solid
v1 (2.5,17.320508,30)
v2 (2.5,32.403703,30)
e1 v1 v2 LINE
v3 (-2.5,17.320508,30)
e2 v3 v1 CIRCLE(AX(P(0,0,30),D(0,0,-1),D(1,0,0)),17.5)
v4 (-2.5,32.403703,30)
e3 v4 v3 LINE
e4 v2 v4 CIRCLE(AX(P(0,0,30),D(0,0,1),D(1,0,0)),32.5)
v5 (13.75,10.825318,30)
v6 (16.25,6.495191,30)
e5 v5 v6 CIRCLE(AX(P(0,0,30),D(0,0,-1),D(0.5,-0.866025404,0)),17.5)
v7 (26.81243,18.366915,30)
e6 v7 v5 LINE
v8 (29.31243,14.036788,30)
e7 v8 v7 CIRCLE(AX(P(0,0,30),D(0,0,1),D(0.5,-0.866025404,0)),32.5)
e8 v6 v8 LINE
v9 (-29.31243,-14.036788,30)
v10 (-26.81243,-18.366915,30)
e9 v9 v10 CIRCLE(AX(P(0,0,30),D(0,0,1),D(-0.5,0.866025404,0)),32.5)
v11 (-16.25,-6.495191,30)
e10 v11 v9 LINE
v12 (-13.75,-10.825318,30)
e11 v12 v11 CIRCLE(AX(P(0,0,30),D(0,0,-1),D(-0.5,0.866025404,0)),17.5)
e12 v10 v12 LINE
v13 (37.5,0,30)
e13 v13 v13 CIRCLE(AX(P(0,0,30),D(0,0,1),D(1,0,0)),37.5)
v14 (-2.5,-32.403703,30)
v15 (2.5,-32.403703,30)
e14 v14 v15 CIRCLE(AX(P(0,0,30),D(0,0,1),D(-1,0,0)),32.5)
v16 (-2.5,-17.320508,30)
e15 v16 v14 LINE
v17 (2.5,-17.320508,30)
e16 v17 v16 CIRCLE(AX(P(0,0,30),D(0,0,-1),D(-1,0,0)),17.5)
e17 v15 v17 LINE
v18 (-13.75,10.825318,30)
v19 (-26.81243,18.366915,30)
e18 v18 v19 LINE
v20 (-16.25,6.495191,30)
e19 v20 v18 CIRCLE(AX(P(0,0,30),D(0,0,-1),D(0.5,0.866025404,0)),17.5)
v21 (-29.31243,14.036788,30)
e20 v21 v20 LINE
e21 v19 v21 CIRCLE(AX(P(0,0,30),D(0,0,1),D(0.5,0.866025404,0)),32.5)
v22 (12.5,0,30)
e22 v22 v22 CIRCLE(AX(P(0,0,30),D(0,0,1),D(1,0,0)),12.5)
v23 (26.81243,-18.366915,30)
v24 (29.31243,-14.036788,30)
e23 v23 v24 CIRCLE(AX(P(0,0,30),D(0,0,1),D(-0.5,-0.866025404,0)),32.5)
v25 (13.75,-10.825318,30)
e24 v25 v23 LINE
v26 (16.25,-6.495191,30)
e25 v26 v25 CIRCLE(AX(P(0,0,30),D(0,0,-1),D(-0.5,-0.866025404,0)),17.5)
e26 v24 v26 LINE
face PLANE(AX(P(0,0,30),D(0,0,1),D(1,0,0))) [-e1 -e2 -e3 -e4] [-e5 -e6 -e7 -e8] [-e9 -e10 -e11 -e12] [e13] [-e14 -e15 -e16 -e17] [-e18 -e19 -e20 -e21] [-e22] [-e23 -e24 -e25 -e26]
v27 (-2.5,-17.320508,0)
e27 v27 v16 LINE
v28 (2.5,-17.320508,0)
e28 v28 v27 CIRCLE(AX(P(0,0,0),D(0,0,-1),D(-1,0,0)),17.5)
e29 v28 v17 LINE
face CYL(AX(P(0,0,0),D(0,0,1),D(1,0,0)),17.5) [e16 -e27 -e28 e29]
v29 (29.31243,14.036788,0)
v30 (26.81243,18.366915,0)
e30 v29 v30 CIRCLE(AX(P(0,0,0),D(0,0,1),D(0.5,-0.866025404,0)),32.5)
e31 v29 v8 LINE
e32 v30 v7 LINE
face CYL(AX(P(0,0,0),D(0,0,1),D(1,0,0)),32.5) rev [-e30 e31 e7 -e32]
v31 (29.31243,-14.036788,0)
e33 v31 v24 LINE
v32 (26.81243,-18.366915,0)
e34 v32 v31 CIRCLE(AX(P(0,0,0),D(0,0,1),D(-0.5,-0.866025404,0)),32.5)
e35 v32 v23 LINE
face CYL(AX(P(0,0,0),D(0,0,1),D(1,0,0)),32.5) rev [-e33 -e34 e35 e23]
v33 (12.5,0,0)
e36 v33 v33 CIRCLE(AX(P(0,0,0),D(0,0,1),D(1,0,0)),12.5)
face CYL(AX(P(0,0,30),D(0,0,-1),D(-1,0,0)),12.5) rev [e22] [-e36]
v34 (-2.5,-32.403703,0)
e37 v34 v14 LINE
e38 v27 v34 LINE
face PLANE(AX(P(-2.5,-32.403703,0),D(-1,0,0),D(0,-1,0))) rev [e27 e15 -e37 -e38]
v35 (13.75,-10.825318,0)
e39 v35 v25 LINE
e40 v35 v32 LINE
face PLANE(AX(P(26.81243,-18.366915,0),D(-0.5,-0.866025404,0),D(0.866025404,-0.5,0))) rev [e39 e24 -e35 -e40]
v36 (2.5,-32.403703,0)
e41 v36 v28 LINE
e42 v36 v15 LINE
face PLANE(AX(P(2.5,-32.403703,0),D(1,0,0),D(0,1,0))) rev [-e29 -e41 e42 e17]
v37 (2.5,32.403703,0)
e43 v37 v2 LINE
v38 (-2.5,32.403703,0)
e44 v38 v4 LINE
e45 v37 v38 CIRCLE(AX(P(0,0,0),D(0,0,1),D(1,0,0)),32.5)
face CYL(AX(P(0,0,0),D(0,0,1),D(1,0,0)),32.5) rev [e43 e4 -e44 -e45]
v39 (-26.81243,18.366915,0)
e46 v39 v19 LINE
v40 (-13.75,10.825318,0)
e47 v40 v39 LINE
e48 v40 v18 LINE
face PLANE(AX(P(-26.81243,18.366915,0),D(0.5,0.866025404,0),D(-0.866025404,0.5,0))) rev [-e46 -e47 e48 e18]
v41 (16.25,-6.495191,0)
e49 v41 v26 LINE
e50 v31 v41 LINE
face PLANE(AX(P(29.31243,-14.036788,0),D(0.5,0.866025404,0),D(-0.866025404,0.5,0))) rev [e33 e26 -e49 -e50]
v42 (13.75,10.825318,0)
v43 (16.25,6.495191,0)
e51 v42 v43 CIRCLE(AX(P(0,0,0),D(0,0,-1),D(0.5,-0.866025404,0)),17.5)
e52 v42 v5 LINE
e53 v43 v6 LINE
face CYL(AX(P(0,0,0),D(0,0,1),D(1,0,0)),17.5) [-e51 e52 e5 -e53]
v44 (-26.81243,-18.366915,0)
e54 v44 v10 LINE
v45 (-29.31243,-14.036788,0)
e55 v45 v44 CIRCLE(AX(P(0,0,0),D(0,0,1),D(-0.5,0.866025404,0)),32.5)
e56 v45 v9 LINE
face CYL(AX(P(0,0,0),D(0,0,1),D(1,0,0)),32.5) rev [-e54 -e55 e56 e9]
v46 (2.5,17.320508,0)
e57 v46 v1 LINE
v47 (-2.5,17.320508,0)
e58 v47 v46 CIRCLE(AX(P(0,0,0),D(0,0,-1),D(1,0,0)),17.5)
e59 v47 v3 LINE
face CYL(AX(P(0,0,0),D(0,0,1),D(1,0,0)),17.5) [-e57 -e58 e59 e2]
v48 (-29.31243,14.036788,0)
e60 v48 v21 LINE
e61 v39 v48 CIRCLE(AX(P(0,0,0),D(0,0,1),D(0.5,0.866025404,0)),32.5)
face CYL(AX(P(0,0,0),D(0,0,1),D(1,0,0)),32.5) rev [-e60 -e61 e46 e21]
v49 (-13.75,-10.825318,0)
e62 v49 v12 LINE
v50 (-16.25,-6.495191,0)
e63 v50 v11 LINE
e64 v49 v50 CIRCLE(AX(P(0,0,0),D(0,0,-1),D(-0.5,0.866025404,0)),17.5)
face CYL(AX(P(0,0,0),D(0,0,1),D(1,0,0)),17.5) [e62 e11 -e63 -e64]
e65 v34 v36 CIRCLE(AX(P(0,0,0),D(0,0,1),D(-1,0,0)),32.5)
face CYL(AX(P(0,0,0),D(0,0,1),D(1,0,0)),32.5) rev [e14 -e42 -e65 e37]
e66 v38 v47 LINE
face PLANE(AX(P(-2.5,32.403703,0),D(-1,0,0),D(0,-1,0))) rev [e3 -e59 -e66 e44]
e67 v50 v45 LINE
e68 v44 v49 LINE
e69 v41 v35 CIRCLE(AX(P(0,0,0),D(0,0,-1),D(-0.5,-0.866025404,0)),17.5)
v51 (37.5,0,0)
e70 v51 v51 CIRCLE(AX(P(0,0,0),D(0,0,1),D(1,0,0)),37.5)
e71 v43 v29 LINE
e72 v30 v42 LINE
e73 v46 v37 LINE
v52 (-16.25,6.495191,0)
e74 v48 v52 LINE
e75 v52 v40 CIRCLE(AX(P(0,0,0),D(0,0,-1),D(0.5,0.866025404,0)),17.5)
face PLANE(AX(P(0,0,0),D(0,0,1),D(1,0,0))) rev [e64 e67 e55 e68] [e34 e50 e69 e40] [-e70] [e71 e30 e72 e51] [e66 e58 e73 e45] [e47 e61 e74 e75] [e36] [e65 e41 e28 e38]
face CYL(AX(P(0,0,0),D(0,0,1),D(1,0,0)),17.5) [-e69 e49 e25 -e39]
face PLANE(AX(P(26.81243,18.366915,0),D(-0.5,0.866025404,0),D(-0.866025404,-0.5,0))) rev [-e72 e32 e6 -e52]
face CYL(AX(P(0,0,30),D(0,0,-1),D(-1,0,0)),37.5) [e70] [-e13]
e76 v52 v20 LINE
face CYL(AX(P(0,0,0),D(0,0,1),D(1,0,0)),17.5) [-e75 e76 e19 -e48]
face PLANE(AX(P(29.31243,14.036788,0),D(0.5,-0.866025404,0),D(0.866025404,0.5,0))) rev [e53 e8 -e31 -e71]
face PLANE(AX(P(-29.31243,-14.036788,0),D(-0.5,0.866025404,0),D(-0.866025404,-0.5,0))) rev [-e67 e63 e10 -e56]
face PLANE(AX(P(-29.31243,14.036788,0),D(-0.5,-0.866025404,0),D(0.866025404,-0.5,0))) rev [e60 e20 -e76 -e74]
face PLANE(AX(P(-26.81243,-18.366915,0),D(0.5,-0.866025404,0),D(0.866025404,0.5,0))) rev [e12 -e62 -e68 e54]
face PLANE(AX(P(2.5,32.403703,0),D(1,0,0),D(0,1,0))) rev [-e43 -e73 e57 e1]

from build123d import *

# Parameters (mm, degrees)
SKETCH2_R           = 37.5
SKETCH2_R_2         = 12.5
BOSS_EXTRUDE1_DEPTH = 30
CUT_EXTRUDE1_DEPTH  = 61.930288035
CIRPATTERN1_COUNT   = 6


with BuildPart() as part:
    # Sketch2 → Boss-Extrude1 (new body)
    with BuildSketch(Plane.XY):
        Circle(SKETCH2_R)
        Circle(SKETCH2_R_2, mode=Mode.SUBTRACT)
    extrude(amount=BOSS_EXTRUDE1_DEPTH)

    # Sketch5 → Cut-Extrude1 (cut, through all)
    with BuildSketch(Plane.XY.offset(30)):
        with BuildLine():
            Line((2.5, 32.403703492), (2.5, 17.320508076))
            ThreePointArc((2.5, 17.320508076), (0, 17.5), (-2.5, 17.320508076))
            Line((-2.5, 17.320508076), (-2.5, 32.403703492))
            ThreePointArc((-2.5, 32.403703492), (0, 32.5), (2.5, 32.403703492))
        make_face()
    cut_extrude1 = extrude(amount=-CUT_EXTRUDE1_DEPTH, mode=Mode.SUBTRACT)

    # CirPattern1: Cut-Extrude1 ×6 about axis
    cirpattern1_axis = Axis((0, 0, 0), (0, 0, 1))
    for i in range(1, CIRPATTERN1_COUNT):
        add(cut_extrude1.rotate(cirpattern1_axis, i * 360 / CIRPATTERN1_COUNT), mode=Mode.SUBTRACT)


solid = part.part
